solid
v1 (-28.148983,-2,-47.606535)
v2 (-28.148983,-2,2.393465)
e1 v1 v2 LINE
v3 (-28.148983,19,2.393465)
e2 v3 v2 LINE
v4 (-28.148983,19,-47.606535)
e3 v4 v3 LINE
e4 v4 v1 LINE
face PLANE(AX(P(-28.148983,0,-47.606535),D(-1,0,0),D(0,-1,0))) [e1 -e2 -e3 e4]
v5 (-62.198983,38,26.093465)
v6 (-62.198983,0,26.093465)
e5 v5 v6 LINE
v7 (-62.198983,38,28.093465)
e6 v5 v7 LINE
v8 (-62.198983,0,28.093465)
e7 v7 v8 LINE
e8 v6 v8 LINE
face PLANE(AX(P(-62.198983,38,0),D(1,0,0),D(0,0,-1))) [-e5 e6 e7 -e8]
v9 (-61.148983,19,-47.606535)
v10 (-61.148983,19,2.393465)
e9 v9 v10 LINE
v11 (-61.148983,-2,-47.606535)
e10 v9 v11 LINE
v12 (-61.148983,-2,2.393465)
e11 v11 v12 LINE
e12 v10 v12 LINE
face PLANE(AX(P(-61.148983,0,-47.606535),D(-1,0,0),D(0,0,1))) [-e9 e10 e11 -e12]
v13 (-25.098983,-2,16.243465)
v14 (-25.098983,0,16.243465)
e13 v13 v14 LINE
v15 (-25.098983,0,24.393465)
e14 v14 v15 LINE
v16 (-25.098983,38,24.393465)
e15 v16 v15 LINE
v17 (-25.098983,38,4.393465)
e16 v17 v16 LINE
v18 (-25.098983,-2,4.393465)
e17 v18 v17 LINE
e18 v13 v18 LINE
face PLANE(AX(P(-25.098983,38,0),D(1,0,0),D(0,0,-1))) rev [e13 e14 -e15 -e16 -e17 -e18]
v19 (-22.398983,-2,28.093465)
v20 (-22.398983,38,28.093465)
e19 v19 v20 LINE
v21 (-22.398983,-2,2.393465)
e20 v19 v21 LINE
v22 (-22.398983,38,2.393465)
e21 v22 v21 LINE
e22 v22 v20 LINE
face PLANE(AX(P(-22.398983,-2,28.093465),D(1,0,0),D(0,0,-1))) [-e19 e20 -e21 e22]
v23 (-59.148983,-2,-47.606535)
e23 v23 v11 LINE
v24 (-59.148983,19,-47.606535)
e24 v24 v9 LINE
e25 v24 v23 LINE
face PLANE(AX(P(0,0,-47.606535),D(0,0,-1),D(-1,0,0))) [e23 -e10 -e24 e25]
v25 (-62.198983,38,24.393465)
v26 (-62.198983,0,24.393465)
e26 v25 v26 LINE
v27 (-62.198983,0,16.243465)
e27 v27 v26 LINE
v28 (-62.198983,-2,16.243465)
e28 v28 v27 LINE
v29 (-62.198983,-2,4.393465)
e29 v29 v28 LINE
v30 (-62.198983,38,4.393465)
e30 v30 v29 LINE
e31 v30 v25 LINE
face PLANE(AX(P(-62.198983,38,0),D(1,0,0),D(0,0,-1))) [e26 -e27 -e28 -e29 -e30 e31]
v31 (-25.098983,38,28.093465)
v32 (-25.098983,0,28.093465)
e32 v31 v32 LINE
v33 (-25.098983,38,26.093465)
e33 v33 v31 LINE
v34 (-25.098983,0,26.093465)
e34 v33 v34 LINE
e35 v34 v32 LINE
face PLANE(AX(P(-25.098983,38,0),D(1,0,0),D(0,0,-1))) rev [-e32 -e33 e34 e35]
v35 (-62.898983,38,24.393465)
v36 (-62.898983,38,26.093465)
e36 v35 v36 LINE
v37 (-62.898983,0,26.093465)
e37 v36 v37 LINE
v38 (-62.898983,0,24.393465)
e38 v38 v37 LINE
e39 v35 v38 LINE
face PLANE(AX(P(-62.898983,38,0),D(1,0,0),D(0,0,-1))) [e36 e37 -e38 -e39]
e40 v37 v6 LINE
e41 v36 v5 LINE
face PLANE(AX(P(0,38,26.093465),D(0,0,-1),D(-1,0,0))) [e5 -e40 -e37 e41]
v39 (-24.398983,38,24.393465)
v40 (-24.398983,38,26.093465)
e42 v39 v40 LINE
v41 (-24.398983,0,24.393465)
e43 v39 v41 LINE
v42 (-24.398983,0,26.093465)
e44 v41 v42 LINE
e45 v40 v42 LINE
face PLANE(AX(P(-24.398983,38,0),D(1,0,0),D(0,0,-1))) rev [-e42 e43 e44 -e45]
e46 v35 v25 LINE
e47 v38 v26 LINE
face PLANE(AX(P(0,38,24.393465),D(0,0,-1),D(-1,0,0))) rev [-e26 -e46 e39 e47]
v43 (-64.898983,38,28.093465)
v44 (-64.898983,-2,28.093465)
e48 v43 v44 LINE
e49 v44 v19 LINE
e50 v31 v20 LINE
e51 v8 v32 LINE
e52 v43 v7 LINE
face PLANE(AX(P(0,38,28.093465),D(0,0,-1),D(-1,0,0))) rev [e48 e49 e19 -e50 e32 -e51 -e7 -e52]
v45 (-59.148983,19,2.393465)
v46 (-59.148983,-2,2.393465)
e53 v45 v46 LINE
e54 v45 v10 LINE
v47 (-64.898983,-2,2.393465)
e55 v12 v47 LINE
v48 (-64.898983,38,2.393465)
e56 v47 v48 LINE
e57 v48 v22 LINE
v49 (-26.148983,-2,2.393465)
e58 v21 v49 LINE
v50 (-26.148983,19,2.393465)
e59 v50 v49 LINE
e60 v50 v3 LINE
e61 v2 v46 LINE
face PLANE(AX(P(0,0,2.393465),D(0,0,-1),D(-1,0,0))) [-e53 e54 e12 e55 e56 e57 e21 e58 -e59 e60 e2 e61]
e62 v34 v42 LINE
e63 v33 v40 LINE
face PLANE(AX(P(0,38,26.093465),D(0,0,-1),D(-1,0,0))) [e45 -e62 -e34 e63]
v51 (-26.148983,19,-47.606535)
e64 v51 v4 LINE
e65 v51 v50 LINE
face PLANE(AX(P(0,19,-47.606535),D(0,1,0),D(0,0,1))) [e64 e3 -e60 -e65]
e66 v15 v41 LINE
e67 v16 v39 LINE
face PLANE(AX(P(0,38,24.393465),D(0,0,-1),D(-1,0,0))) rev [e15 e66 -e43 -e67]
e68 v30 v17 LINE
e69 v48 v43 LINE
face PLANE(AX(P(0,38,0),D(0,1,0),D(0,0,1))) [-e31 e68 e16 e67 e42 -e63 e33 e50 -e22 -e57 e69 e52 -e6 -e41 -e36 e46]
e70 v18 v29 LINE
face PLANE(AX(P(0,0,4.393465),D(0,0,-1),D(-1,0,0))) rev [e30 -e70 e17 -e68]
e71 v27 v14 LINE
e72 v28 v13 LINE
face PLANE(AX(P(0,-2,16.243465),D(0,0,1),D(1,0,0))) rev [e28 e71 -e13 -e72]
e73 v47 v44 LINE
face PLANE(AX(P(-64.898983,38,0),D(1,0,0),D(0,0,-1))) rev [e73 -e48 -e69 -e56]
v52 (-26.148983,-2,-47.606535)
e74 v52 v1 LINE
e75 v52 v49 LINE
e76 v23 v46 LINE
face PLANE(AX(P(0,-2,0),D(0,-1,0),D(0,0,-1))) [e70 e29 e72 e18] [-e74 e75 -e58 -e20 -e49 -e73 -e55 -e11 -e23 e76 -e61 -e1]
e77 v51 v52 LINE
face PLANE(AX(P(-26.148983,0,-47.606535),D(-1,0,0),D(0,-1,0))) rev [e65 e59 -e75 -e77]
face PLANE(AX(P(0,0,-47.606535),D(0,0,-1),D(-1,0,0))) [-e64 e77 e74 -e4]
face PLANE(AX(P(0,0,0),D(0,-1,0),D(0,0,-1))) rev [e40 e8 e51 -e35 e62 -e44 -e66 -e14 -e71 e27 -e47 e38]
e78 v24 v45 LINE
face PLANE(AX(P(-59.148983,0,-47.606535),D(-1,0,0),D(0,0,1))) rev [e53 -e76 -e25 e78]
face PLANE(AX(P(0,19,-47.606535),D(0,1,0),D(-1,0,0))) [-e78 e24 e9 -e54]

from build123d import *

# Parameters (mm, degrees)
BOSS_EXTRUDE1_DEPTH   = 38
BOSS_EXTRUDE1_2_DEPTH = 38
SKETCH2_W             = 42.5
SKETCH2_H             = 5.7
BOSS_EXTRUDE2_DEPTH   = 2
BOSS_EXTRUDE3_DEPTH   = 18
SKETCH4_W             = 42.5
SKETCH4_H             = 40
BOSS_EXTRUDE4_DEPTH   = 2
SKETCH5_W             = 37.1
SKETCH5_H             = 11.85
CUT_EXTRUDE1_DEPTH    = 81.281509747
SKETCH6_W             = 2
SKETCH6_H             = 21
BOSS_EXTRUDE6_DEPTH   = 50


with BuildPart() as part:
    # Sketch1 → Boss-Extrude1 (new body)
    with BuildSketch(Plane(origin=(0, 0, 0), x_dir=(1, 0, 0), z_dir=(0, 1, 0))):
        Polygon((-62.898983402, -26.09346473), (-62.898983402, -24.39346473), (-62.198983402, -24.39346473), (-62.198983402, -22.39346473), (-64.898983402, -22.39346473), (-64.898983402, -28.09346473), (-62.198983402, -28.09346473), (-62.198983402, -26.09346473), align=None)
    extrude(amount=BOSS_EXTRUDE1_DEPTH)



with BuildPart() as body_2:
    # Sketch1 → Boss-Extrude1 2 (new body)
    with BuildSketch(Plane(origin=(0, 0, 0), x_dir=(1, 0, 0), z_dir=(0, 1, 0))):
        Polygon((-25.098983402, -22.39346473), (-25.098983402, -24.39346473), (-24.398983402, -24.39346473), (-24.398983402, -26.09346473), (-25.098983402, -26.09346473), (-25.098983402, -28.09346473), (-22.398983402, -28.09346473), (-22.398983402, -22.39346473), align=None)
    extrude(amount=BOSS_EXTRUDE1_2_DEPTH)


with BuildPart() as part_1:
    add(part.part)

    add(body_2.part)  # Boss-Extrude2 merges body 2
    # Sketch2 → Boss-Extrude2 (add)
    with BuildSketch(Plane(origin=(0, 0, 0), x_dir=(1, 0, 0), z_dir=(0, 1, 0))):
        with Locations((-43.648983402, -25.24346473)):
            Rectangle(SKETCH2_W, SKETCH2_H)
    extrude(amount=-BOSS_EXTRUDE2_DEPTH)

    # Sketch3 → Boss-Extrude3 (add)
    with BuildSketch(Plane(origin=(0, 0, 22.39346473), x_dir=(-1, 0, 0), z_dir=(0, 0, -1))):
        Polygon((64.898983402, 38), (62.198983402, 38), (62.198983402, 0), (25.098983402, 0), (25.098983402, 38), (22.398983402, 38), (22.398983402, -2), (64.898983402, -2), align=None)
    extrude(amount=BOSS_EXTRUDE3_DEPTH)

    # Sketch4 → Boss-Extrude4 (add)
    with BuildSketch(Plane(origin=(0, 0, 4.39346473), x_dir=(-1, 0, 0), z_dir=(0, 0, -1))):
        with Locations((43.648983402, 18)):
            Rectangle(SKETCH4_W, SKETCH4_H)
    extrude(amount=BOSS_EXTRUDE4_DEPTH)

    # Sketch5 → Cut-Extrude1 (cut, through all)
    with BuildSketch(Plane(origin=(0, 0, 0), x_dir=(1, 0, 0), z_dir=(0, 1, 0))):
        with Locations((-43.648983402, -10.31846473)):
            Rectangle(SKETCH5_W, SKETCH5_H)
    extrude(amount=-CUT_EXTRUDE1_DEPTH, mode=Mode.SUBTRACT)

    # Sketch6 → Boss-Extrude6 (add)
    with BuildSketch(Plane(origin=(0, 0, 2.39346473), x_dir=(-1, 0, 0), z_dir=(0, 0, -1))):
        with Locations((27.148983402, 8.5)):
            Rectangle(SKETCH6_W, SKETCH6_H)
        with Locations((60.148983402, 8.5)):
            Rectangle(SKETCH6_W, SKETCH6_H)
    extrude(amount=BOSS_EXTRUDE6_DEPTH)


solid = part_1.part
